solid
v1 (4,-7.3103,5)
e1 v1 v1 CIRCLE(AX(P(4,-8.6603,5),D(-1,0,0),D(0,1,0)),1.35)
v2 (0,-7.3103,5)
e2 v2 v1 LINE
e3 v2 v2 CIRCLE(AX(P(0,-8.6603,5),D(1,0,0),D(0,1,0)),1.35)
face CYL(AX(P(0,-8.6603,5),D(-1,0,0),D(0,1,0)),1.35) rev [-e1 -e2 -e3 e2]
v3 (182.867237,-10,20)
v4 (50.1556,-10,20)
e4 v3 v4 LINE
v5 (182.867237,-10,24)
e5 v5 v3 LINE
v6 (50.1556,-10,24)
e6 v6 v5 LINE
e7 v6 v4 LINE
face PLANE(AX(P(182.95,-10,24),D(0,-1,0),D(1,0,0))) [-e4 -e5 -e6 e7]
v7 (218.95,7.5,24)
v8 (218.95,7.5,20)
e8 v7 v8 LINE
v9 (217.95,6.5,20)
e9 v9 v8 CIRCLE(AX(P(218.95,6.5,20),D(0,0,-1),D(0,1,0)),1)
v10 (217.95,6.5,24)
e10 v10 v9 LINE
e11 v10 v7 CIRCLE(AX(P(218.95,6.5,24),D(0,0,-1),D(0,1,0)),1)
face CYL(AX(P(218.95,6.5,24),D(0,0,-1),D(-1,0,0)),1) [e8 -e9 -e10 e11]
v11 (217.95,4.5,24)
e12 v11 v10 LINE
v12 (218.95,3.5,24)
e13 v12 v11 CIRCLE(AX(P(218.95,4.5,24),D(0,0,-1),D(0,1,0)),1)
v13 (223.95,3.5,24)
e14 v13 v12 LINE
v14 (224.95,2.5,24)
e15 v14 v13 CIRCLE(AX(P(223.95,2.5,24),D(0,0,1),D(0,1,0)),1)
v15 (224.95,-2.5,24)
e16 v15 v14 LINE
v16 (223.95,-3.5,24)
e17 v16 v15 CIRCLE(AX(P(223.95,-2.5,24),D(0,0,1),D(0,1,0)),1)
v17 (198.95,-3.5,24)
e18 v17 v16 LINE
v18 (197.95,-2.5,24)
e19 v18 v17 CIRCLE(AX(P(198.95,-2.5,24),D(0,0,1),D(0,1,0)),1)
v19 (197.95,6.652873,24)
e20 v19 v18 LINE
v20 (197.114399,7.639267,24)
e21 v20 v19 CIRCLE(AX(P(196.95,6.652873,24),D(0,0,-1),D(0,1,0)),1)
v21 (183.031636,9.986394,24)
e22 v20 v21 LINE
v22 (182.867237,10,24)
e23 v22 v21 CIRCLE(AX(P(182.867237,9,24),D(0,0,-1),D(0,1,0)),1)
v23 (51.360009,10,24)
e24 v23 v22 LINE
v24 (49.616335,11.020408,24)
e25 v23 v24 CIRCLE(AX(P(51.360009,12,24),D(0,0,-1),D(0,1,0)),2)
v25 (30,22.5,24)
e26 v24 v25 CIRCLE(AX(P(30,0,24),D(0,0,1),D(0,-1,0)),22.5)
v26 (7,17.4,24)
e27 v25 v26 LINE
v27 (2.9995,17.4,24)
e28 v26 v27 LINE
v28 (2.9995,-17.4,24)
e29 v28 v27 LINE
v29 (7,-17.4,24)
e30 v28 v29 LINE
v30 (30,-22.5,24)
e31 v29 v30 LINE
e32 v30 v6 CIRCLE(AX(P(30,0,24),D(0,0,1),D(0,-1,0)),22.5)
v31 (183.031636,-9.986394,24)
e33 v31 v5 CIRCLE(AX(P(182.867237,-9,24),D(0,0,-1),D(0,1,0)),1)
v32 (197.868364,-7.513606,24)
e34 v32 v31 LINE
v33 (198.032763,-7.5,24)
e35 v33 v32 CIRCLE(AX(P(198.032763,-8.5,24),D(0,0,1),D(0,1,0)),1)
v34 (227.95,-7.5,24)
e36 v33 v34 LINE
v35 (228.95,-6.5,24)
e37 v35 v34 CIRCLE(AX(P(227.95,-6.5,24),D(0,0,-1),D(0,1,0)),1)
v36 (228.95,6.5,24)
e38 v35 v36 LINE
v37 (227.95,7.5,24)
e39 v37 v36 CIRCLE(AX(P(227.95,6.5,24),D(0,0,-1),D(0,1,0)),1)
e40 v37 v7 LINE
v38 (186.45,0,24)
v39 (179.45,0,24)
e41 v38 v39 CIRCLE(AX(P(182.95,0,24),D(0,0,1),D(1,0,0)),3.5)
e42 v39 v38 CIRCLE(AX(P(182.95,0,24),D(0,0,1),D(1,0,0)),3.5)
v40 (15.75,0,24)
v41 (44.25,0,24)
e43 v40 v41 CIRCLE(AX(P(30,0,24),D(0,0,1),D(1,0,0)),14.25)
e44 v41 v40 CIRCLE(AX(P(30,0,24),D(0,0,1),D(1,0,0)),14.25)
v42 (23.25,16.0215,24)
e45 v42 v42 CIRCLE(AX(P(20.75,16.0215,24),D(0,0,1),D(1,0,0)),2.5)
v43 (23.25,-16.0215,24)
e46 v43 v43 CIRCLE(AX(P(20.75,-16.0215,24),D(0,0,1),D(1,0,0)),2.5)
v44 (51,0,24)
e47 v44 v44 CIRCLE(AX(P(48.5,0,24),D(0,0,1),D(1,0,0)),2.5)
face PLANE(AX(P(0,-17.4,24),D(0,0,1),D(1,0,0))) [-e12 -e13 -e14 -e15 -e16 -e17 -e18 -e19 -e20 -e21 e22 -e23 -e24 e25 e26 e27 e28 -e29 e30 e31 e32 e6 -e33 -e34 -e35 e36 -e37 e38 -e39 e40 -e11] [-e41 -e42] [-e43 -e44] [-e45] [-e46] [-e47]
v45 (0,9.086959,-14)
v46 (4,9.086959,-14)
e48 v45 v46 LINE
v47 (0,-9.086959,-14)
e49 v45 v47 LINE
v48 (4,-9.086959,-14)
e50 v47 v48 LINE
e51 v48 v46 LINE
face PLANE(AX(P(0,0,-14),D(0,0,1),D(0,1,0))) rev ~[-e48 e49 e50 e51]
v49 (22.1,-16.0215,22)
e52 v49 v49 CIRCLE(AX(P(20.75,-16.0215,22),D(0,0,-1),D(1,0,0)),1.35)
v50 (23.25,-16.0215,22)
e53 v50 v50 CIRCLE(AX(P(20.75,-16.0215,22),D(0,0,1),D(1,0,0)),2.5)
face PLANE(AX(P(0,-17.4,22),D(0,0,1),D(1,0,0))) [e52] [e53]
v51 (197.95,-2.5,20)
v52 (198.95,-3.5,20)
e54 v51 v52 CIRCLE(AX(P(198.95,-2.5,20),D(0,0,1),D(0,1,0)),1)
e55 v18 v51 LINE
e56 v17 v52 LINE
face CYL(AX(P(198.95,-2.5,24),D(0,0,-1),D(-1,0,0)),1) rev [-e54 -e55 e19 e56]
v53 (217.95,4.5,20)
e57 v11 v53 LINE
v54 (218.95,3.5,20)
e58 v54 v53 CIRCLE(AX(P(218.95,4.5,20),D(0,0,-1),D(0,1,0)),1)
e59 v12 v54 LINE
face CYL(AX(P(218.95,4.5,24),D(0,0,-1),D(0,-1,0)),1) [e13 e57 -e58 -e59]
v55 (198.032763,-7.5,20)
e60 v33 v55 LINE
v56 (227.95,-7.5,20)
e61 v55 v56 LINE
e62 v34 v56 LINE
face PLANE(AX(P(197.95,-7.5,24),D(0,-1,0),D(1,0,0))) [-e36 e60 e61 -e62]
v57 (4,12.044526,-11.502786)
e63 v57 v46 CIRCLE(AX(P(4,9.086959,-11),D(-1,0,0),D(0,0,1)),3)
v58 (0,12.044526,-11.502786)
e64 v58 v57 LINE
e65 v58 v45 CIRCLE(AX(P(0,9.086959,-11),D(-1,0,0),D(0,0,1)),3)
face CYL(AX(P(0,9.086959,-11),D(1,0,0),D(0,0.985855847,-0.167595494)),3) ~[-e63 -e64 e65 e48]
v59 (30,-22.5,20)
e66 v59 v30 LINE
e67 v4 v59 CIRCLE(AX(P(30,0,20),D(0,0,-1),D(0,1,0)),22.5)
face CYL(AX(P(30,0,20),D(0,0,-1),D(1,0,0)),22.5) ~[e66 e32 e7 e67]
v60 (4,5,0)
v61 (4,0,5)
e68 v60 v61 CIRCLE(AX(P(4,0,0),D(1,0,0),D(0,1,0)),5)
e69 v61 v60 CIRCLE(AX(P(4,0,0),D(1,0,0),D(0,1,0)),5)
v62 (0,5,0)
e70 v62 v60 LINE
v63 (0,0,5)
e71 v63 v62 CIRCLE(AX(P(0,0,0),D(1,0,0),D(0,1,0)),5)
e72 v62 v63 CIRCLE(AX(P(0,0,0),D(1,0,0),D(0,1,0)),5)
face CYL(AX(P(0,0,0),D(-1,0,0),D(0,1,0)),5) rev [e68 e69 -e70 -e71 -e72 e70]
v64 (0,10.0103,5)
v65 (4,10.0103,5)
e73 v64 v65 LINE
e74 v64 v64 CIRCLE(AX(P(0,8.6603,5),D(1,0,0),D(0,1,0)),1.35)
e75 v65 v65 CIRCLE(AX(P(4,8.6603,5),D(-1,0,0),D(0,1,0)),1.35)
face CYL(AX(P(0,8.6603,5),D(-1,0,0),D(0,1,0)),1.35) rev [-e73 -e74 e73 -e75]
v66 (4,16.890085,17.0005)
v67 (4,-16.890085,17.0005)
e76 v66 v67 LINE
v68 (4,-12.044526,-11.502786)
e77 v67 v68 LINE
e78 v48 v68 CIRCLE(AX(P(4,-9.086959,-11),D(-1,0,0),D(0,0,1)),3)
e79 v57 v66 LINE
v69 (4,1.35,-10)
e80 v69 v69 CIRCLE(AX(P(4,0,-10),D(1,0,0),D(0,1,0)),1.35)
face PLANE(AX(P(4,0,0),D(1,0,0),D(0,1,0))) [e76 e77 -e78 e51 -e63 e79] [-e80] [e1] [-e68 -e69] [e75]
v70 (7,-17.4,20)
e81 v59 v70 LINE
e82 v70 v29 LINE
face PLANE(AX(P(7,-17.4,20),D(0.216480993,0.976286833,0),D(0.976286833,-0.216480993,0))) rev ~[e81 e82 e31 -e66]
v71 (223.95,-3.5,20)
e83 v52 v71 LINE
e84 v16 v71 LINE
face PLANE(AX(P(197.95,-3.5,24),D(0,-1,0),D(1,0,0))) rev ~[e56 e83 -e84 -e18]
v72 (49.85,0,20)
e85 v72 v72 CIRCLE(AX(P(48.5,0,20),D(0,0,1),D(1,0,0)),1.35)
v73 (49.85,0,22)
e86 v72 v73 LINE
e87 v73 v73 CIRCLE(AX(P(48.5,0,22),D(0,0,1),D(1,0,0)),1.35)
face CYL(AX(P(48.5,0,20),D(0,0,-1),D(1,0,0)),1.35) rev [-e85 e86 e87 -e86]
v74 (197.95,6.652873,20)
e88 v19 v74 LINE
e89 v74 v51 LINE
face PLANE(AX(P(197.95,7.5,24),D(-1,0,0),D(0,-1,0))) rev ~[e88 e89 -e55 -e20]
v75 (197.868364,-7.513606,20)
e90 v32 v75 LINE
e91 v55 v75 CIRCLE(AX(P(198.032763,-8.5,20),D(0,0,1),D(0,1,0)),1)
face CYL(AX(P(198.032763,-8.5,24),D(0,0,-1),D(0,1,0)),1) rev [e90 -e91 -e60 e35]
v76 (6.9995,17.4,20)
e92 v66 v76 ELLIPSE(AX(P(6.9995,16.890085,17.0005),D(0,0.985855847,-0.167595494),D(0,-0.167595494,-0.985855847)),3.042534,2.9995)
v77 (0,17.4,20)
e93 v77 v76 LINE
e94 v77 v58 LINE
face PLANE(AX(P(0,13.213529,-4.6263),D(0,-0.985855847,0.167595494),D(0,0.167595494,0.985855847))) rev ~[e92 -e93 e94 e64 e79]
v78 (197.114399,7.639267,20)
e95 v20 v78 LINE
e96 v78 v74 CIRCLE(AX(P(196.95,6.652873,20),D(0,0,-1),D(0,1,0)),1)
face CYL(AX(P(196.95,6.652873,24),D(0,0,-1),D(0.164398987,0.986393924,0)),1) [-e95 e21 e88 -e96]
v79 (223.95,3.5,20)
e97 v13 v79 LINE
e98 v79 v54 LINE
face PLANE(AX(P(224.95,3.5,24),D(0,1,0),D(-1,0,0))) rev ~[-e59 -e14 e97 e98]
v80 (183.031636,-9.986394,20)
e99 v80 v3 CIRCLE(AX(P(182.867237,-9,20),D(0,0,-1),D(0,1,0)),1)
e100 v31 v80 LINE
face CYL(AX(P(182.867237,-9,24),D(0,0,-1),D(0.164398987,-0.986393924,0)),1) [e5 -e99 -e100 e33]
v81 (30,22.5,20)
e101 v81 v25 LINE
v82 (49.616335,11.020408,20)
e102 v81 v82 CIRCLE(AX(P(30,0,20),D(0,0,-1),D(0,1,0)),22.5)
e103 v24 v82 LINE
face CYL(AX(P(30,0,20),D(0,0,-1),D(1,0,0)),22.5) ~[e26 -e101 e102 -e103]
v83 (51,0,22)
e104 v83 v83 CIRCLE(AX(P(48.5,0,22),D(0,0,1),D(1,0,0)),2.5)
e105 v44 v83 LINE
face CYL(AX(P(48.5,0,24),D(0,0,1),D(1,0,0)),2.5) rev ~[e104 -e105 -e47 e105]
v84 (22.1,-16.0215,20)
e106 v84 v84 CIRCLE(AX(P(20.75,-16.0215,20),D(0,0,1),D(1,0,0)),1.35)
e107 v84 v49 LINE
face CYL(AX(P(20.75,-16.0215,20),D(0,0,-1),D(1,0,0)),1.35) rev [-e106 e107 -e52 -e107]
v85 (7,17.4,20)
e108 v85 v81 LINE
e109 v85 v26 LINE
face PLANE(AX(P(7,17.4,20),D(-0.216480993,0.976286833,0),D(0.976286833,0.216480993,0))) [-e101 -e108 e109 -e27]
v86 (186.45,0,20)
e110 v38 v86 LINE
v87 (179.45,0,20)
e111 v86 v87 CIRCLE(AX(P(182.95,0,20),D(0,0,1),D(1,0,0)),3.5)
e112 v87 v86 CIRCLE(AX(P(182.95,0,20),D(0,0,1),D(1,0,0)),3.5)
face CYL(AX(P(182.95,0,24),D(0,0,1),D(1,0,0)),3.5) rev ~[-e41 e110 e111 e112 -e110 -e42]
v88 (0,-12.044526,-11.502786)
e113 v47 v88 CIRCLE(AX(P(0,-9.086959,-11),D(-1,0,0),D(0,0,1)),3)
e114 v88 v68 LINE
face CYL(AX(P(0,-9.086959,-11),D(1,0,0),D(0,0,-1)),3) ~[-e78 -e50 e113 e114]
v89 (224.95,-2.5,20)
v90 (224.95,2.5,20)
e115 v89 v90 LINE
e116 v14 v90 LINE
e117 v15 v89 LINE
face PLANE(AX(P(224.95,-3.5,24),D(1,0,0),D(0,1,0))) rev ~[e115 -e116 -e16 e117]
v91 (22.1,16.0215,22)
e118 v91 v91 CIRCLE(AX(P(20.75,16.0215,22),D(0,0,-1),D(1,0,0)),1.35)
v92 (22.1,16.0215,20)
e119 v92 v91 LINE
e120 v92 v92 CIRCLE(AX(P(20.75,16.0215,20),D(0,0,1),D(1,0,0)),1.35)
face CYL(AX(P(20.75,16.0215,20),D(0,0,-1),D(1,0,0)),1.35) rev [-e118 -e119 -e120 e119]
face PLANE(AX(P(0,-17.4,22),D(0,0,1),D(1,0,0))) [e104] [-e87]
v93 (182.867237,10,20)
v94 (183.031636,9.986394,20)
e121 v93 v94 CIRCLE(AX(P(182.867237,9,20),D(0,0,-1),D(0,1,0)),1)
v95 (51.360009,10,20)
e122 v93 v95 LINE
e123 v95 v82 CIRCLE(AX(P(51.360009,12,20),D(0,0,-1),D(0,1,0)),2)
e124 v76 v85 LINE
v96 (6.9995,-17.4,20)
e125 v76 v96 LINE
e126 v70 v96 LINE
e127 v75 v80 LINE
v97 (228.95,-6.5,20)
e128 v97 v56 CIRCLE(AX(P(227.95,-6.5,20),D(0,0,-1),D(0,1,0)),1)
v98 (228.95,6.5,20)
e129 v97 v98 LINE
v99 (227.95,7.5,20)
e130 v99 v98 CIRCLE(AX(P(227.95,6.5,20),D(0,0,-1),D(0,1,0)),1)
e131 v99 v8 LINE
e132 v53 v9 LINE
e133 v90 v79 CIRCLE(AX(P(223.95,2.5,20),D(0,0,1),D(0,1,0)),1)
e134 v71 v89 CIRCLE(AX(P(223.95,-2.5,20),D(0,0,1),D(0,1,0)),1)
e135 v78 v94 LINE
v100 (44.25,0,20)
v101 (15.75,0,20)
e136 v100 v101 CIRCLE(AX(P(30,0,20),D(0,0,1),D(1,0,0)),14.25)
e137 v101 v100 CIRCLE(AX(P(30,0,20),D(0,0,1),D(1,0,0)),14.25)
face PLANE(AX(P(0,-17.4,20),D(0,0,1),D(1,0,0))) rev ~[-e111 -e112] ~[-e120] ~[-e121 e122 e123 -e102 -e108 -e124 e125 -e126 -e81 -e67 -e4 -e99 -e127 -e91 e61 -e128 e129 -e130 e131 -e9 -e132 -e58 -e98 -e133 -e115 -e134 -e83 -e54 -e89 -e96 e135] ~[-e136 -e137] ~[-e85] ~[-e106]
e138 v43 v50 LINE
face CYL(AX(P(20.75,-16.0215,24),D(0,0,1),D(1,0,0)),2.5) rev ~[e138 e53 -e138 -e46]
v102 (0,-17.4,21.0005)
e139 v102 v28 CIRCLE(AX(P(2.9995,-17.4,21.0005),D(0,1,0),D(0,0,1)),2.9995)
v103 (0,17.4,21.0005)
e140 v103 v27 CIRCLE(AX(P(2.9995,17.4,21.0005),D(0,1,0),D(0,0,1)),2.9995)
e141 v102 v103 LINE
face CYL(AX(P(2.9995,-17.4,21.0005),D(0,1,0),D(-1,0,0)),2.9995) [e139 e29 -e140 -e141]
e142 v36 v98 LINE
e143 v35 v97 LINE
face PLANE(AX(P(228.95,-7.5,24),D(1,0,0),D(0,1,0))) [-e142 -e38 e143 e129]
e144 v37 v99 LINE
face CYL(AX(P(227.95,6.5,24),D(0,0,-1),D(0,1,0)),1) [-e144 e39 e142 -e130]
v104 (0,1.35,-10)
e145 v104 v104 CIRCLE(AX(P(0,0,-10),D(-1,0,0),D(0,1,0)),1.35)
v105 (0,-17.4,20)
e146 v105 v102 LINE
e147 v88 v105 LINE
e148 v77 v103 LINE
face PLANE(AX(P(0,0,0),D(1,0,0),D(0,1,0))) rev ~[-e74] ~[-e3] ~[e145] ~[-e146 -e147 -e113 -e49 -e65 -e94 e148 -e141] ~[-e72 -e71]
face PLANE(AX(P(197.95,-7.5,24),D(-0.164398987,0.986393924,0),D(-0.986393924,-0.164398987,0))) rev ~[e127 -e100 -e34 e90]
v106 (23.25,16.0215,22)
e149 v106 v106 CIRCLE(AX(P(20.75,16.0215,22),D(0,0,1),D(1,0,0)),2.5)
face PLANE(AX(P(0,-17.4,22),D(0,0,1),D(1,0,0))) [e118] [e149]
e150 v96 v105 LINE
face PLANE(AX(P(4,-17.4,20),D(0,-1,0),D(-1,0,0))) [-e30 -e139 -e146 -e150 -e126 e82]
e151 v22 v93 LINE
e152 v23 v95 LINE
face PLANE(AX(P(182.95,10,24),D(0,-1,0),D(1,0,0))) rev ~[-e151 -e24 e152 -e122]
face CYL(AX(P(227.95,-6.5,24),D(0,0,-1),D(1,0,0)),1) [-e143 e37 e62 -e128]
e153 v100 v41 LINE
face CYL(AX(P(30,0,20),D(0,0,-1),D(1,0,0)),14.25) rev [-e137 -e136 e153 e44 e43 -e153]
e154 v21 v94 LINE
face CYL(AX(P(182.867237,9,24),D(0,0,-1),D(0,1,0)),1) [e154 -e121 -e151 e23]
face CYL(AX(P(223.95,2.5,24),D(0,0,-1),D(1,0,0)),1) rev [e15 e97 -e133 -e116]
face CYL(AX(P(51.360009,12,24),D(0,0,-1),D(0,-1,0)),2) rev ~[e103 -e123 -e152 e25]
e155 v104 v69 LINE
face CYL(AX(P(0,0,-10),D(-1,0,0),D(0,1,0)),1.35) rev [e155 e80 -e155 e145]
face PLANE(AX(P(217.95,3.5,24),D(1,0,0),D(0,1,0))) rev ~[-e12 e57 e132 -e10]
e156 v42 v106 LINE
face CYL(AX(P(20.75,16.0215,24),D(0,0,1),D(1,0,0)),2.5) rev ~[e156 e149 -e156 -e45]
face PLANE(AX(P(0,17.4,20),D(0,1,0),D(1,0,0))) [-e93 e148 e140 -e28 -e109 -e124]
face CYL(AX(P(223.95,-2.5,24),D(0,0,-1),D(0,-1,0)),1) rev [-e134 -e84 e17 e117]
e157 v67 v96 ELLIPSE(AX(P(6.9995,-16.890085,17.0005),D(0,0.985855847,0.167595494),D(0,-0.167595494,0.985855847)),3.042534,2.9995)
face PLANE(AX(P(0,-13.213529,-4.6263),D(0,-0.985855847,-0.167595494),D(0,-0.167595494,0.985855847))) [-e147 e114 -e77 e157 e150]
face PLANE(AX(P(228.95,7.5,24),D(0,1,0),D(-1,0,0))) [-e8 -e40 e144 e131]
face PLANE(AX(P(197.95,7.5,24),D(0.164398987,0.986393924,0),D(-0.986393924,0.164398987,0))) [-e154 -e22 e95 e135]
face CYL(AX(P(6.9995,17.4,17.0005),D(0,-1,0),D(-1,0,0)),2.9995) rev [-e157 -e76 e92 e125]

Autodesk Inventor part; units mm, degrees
ref_plane "YZ Plane" through (0, 0, 0) normal (1, 0, 0) x (0, 1, 0)
ref_plane "XZ Plane" through (0, 0, 0) normal (0, 1, 0) x (-1, 0, 0)
ref_plane "XY Plane" through (0, 0, 0) normal (0, 0, 1) x (1, 0, 0)
sketch "スケッチ1" plane through (0, 0, 0) normal (1, 0, 0) x (0, 1, 0)
  circle A0 centre (0, 0) radius 10
  circle A1 centre (0, -10) radius 1.35
  circle A2 centre (8.6603, 5) radius 1.35
  circle A3 centre (-8.6603, 5) radius 1.35
  circle A4 centre (0, 0) radius 5
  line L0 (0, 0) -> (0, 50)
  circle A5 centre (0, 50) radius 22.5
  circle A6 centre (0, 0) radius 14
  line L1 (-14, 0) -> (-22.5, 50)
  line L2 (14, 0) -> (22.5, 50)
  line L3 (0, -14) -> (-11.62, -14)
  line L4 (-11.62, -14) -> (-14, 0)
  line L5 (0, -14) -> (11.62, -14)
  line L6 (11.62, -14) -> (14, 0)
  line L7 (0, 20) -> (-17.4, 20)
  line L8 (0, 20) -> (17.4, 20)
  dimension "d0" = 20
  dimension "d1" = 2.7
  dimension "d4" = 360
  dimension "d6" = 10
  dimension "d7" = 50
  dimension "d8" = 45
  dimension "d9" = 28
extrude "押し出し1" add sketch "スケッチ1" along normal blind 4 contours A0 A1 A3 A2 | A6 L6 L4 | A6 L1 L7 L0 | L0 L8 L2 A6 | L6 L5 A6 | A6 L3 L4
sketch "スケッチ2" plane through (0, -17.4, 20) normal (0, 0, 1) x (1, 0, 0)
  line L0 (0, 17.4) -> (30, 17.4)
  circle A0 centre (30, 17.4) radius 22.5
  circle A1 centre (30, 17.4) radius 18.5
  circle A2 centre (30, 17.4) radius 14.25
  circle A3 centre (48.5, 17.4) radius 1.35
  circle A4 centre (20.75, 33.4215) radius 1.35
  circle A5 centre (20.75, 1.3785) radius 1.35
  line L1 (0, 29.02) -> (0, 34.8) projected
  line L2 (0, 0) -> (0, 5.78) projected
  line L3 (0, 34.8) -> (0, 0)
  line L4 (4, 29.02) -> (4, 34.8) projected
  line L5 (4, 34.8) -> (7, 34.8)
  line L6 (7, 34.8) -> (30, 39.9)
  line L7 (4, 0) -> (4, 5.78) projected
  line L8 (4, 0) -> (7, 0)
  line L9 (7, 0) -> (30, -5.1)
  line L10 (4, 0) -> (0, 0)
  line L11 (0, 34.8) -> (4, 34.8) projected
  line L12 (0, 0) -> (0, 34.8)
  line L13 (0, 34.8) -> (4, 34.8)
  dimension "d14" = 37
  dimension "d12" = 30
  dimension "d13" = 45
  dimension "d15" = 28.5
  dimension "d16" = 2.7
  dimension "d19" = 360
  dimension "d21" = 3
  dimension "d22" = 3
extrude "押し出し2" add sketch "スケッチ2" along normal blind 4 contours L3 L1 L11 L5 L6 A0 L0 | L0 A0 L9 L8 L10 L2 L3 | A1 A4 A3 A5 | A0 L6 L9
fillet "フィレット1" radius 3 2 edges at (4, 0, 20) (0, 0, 24)
fillet "フィレット2" radius 3 2 edges at (2, -11.62, -14) (2, 11.62, -14)
sketch "スケッチ7" plane through (0, -17.4, 24) normal (0, 0, 1) x (1, 0, 0)
  circle A0 centre (30, 17.4) radius 14.25 projected
  line L0 (30, 17.4) -> (182.95, 17.4)
  line L1 (30, 17.4) -> (182.95, 17.4) construction
  circle A1 centre (182.95, 17.4) radius 3.5
  circle A2 centre (182.95, 17.4) radius 10
  line L2 (182.95, 27.4) -> (50.1556, 27.4)
  arc A3 (30, -5.1) -> (30, 39.9) centre (30, 17.4) ccw projected
  line L3 (182.95, 27.4) -> (315.7444, 27.4) construction
  line L4 (182.95, 7.4) -> (50.1556, 7.4)
  point P0 (0, 17.4)
  dimension "d55" = 152.95
  dimension "d56" = 0
  dimension "d57" = 7
  dimension "d58" = 20
  dimension "d59" = 180
extrude "押し出し7" add sketch "スケッチ7" against normal blind 4 contours A3 L2 A2 L0 | L0 A2 L4 A3 | A2
sketch "スケッチ8" plane through (0, -17.4, 24) normal (0, 0, 1) x (1, 0, 0)
  circle A0 centre (20.75, 33.4215) radius 1.35 projected
  circle A1 centre (20.75, 33.4215) radius 2.5
  circle A2 centre (48.5, 17.4) radius 1.35 projected
  circle A3 centre (48.5, 17.4) radius 2.5
  circle A4 centre (20.75, 1.3785) radius 1.35 projected
  circle A5 centre (20.75, 1.3785) radius 2.5
  point P0 (0, 17.4)
  dimension "d63" = 5
  dimension "d64" = 5
  dimension "d65" = 5
extrude "押し出し8" cut sketch "スケッチ8" against normal blind 2 contours A0 | A1 | A3 | A4 | A5
fillet "フィレット4" radius 2 1 edges at (50.1556, 10, 22)
sketch "スケッチ12" plane through (0, -17.4, 24) normal (0, 0, 1) x (1, 0, 0)
  circle A0 centre (48.5, 17.4) radius 2.5 projected
  circle A1 centre (20.75, 1.3785) radius 2.5 projected
  circle A2 centre (20.75, 33.4215) radius 2.5 projected
  circle A3 centre (182.95, 17.4) radius 3.5 projected
  line L0 (3, 0) -> (3, 34.8) projected
  line L1 (3, 0) -> (7, 0) projected
  line L2 (7, 0) -> (30, -5.1) projected
  arc A4 (30, -5.1) -> (50.1556, 7.4) centre (30, 17.4) ccw projected
  line L3 (50.1556, 7.4) -> (182.95, 7.4) projected
  arc A5 (182.95, 7.4) -> (182.95, 27.4) centre (182.95, 17.4) ccw projected
  line L4 (182.95, 27.4) -> (51.36, 27.4) projected
  arc A6 (49.6163, 28.4204) -> (51.36, 27.4) centre (51.36, 29.4) ccw projected
  arc A7 (49.6163, 28.4204) -> (30, 39.9) centre (30, 17.4) ccw projected
  line L5 (30, 39.9) -> (7, 34.8) projected
  line L6 (7, 34.8) -> (3, 34.8) projected
  circle A8 centre (30, 17.4) radius 14.25 projected
  line L7 (182.95, 7.4) -> (232.95, 7.4)
  line L8 (182.95, 27.4) -> (232.95, 27.4)
  line L9 (232.95, 27.4) -> (232.95, 7.4)
  point P0 (0, 17.4)
  dimension "d92" = 50
  dimension "d93" = 50
extrude "押し出し12" add sketch "スケッチ12" against normal blind 4 contours A5 L8 L9 L7
sketch "スケッチ13" plane through (0, -17.4, 24) normal (0, 0, 1) x (1, 0, 0)
  circle A0 centre (48.5, 17.4) radius 2.5 projected
  circle A1 centre (20.75, 1.3785) radius 2.5 projected
  circle A2 centre (20.75, 33.4215) radius 2.5 projected
  circle A3 centre (182.95, 17.4) radius 3.5 projected
  line L0 (3, 0) -> (3, 34.8) projected
  line L1 (3, 0) -> (7, 0) projected
  line L2 (7, 0) -> (30, -5.1) projected
  arc A4 (30, -5.1) -> (50.1556, 7.4) centre (30, 17.4) ccw projected
  line L3 (50.1556, 7.4) -> (232.95, 7.4) projected
  line L4 (232.95, 7.4) -> (232.95, 27.4) projected
  line L5 (232.95, 27.4) -> (51.36, 27.4) projected
  arc A5 (49.6163, 28.4204) -> (51.36, 27.4) centre (51.36, 29.4) ccw projected
  arc A6 (49.6163, 28.4204) -> (30, 39.9) centre (30, 17.4) ccw projected
  line L6 (30, 39.9) -> (7, 34.8) projected
  line L7 (7, 34.8) -> (3, 34.8) projected
  circle A7 centre (30, 17.4) radius 14.25 projected
  line L8 (197.95, 24.9) -> (182.95, 27.4)
  line L9 (197.95, 9.9) -> (182.95, 7.4)
  line L10 (197.95, 9.9) -> (228.95, 9.9)
  line L11 (228.95, 9.9) -> (228.95, 24.9)
  line L12 (228.95, 24.9) -> (197.95, 24.9)
  point P0 (0, 17.4)
  dimension "d96" = 2.5
  dimension "d97" = 15
  dimension "d98" = 35
  dimension "d99" = 35
  dimension "d100" = 31
  dimension "d101" = 15
  dimension "d102" = 31
extrude "押し出し13" cut sketch "スケッチ13" against normal blind 4 contours L9 L10 L11 L12 L8 L5 L4 L3
sketch "スケッチ14" plane through (0, -17.4, 24) normal (0, 0, 1) x (1, 0, 0)
  circle A0 centre (30, 17.4) radius 14.25 projected
  line L0 (182.95, 7.4) -> (197.95, 9.9) projected
  line L1 (197.95, 9.9) -> (228.95, 9.9) projected
  line L2 (228.95, 9.9) -> (228.95, 24.9) projected
  line L3 (228.95, 24.9) -> (197.95, 24.9) projected
  line L4 (197.95, 24.9) -> (182.95, 27.4) projected
  line L5 (182.95, 27.4) -> (51.36, 27.4) projected
  arc A1 (49.6163, 28.4204) -> (51.36, 27.4) centre (51.36, 29.4) ccw projected
  arc A2 (49.6163, 28.4204) -> (30, 39.9) centre (30, 17.4) ccw projected
  line L6 (30, 39.9) -> (7, 34.8) projected
  line L7 (7, 34.8) -> (3, 34.8) projected
  line L8 (3, 0) -> (3, 34.8) projected
  line L9 (3, 0) -> (7, 0) projected
  line L10 (7, 0) -> (30, -5.1) projected
  arc A3 (30, -5.1) -> (50.1556, 7.4) centre (30, 17.4) ccw projected
  line L11 (50.1556, 7.4) -> (182.95, 7.4) projected
  circle A4 centre (182.95, 17.4) radius 3.5 projected
  circle A5 centre (20.75, 33.4215) radius 2.5 projected
  circle A6 centre (20.75, 1.3785) radius 2.5 projected
  circle A7 centre (48.5, 17.4) radius 2.5 projected
  line L12 (197.95, 24.9) -> (197.95, 13.9)
  line L13 (197.95, 13.9) -> (224.95, 13.9)
  line L14 (224.95, 13.9) -> (224.95, 20.9)
  line L15 (224.95, 20.9) -> (217.95, 20.9)
  line L16 (217.95, 20.9) -> (217.95, 24.9)
  point P0 (0, 17.4)
  dimension "d105" = 4
  dimension "d106" = 4
  dimension "d107" = 4
  dimension "d108" = 4
  dimension "d109" = 4
  dimension "d110" = 7
  dimension "d113" = 27
  dimension "d114" = 4
extrude "押し出し14" cut sketch "スケッチ14" against normal blind 4 contours L16 L15 L14 L13 L12 L3
fillet "フィレット7" radius 1 11 edges at (197.95, -7.5, 22) (182.95, -10, 22) (228.95, -7.5, 22) (217.95, 3.5, 22) (224.95, 3.5, 22) (217.95, 7.5, 22) (228.95, 7.5, 22) (182.95, 10, 22) (197.95, 7.5, 22) (197.95, -3.5, 22) (224.95, -3.5, 22)
equation "\"d99\" = d98"
equation "\"d102\" = d100"
equation "\"d106\" = d105"
equation "\"d107\" = d105"
equation "\"d108\" = d105"
equation "\"d109\" = d105"
equation "\"d114\" = d105"
properties part number "motor_holder_8-4" material "ABS プラスチック"
